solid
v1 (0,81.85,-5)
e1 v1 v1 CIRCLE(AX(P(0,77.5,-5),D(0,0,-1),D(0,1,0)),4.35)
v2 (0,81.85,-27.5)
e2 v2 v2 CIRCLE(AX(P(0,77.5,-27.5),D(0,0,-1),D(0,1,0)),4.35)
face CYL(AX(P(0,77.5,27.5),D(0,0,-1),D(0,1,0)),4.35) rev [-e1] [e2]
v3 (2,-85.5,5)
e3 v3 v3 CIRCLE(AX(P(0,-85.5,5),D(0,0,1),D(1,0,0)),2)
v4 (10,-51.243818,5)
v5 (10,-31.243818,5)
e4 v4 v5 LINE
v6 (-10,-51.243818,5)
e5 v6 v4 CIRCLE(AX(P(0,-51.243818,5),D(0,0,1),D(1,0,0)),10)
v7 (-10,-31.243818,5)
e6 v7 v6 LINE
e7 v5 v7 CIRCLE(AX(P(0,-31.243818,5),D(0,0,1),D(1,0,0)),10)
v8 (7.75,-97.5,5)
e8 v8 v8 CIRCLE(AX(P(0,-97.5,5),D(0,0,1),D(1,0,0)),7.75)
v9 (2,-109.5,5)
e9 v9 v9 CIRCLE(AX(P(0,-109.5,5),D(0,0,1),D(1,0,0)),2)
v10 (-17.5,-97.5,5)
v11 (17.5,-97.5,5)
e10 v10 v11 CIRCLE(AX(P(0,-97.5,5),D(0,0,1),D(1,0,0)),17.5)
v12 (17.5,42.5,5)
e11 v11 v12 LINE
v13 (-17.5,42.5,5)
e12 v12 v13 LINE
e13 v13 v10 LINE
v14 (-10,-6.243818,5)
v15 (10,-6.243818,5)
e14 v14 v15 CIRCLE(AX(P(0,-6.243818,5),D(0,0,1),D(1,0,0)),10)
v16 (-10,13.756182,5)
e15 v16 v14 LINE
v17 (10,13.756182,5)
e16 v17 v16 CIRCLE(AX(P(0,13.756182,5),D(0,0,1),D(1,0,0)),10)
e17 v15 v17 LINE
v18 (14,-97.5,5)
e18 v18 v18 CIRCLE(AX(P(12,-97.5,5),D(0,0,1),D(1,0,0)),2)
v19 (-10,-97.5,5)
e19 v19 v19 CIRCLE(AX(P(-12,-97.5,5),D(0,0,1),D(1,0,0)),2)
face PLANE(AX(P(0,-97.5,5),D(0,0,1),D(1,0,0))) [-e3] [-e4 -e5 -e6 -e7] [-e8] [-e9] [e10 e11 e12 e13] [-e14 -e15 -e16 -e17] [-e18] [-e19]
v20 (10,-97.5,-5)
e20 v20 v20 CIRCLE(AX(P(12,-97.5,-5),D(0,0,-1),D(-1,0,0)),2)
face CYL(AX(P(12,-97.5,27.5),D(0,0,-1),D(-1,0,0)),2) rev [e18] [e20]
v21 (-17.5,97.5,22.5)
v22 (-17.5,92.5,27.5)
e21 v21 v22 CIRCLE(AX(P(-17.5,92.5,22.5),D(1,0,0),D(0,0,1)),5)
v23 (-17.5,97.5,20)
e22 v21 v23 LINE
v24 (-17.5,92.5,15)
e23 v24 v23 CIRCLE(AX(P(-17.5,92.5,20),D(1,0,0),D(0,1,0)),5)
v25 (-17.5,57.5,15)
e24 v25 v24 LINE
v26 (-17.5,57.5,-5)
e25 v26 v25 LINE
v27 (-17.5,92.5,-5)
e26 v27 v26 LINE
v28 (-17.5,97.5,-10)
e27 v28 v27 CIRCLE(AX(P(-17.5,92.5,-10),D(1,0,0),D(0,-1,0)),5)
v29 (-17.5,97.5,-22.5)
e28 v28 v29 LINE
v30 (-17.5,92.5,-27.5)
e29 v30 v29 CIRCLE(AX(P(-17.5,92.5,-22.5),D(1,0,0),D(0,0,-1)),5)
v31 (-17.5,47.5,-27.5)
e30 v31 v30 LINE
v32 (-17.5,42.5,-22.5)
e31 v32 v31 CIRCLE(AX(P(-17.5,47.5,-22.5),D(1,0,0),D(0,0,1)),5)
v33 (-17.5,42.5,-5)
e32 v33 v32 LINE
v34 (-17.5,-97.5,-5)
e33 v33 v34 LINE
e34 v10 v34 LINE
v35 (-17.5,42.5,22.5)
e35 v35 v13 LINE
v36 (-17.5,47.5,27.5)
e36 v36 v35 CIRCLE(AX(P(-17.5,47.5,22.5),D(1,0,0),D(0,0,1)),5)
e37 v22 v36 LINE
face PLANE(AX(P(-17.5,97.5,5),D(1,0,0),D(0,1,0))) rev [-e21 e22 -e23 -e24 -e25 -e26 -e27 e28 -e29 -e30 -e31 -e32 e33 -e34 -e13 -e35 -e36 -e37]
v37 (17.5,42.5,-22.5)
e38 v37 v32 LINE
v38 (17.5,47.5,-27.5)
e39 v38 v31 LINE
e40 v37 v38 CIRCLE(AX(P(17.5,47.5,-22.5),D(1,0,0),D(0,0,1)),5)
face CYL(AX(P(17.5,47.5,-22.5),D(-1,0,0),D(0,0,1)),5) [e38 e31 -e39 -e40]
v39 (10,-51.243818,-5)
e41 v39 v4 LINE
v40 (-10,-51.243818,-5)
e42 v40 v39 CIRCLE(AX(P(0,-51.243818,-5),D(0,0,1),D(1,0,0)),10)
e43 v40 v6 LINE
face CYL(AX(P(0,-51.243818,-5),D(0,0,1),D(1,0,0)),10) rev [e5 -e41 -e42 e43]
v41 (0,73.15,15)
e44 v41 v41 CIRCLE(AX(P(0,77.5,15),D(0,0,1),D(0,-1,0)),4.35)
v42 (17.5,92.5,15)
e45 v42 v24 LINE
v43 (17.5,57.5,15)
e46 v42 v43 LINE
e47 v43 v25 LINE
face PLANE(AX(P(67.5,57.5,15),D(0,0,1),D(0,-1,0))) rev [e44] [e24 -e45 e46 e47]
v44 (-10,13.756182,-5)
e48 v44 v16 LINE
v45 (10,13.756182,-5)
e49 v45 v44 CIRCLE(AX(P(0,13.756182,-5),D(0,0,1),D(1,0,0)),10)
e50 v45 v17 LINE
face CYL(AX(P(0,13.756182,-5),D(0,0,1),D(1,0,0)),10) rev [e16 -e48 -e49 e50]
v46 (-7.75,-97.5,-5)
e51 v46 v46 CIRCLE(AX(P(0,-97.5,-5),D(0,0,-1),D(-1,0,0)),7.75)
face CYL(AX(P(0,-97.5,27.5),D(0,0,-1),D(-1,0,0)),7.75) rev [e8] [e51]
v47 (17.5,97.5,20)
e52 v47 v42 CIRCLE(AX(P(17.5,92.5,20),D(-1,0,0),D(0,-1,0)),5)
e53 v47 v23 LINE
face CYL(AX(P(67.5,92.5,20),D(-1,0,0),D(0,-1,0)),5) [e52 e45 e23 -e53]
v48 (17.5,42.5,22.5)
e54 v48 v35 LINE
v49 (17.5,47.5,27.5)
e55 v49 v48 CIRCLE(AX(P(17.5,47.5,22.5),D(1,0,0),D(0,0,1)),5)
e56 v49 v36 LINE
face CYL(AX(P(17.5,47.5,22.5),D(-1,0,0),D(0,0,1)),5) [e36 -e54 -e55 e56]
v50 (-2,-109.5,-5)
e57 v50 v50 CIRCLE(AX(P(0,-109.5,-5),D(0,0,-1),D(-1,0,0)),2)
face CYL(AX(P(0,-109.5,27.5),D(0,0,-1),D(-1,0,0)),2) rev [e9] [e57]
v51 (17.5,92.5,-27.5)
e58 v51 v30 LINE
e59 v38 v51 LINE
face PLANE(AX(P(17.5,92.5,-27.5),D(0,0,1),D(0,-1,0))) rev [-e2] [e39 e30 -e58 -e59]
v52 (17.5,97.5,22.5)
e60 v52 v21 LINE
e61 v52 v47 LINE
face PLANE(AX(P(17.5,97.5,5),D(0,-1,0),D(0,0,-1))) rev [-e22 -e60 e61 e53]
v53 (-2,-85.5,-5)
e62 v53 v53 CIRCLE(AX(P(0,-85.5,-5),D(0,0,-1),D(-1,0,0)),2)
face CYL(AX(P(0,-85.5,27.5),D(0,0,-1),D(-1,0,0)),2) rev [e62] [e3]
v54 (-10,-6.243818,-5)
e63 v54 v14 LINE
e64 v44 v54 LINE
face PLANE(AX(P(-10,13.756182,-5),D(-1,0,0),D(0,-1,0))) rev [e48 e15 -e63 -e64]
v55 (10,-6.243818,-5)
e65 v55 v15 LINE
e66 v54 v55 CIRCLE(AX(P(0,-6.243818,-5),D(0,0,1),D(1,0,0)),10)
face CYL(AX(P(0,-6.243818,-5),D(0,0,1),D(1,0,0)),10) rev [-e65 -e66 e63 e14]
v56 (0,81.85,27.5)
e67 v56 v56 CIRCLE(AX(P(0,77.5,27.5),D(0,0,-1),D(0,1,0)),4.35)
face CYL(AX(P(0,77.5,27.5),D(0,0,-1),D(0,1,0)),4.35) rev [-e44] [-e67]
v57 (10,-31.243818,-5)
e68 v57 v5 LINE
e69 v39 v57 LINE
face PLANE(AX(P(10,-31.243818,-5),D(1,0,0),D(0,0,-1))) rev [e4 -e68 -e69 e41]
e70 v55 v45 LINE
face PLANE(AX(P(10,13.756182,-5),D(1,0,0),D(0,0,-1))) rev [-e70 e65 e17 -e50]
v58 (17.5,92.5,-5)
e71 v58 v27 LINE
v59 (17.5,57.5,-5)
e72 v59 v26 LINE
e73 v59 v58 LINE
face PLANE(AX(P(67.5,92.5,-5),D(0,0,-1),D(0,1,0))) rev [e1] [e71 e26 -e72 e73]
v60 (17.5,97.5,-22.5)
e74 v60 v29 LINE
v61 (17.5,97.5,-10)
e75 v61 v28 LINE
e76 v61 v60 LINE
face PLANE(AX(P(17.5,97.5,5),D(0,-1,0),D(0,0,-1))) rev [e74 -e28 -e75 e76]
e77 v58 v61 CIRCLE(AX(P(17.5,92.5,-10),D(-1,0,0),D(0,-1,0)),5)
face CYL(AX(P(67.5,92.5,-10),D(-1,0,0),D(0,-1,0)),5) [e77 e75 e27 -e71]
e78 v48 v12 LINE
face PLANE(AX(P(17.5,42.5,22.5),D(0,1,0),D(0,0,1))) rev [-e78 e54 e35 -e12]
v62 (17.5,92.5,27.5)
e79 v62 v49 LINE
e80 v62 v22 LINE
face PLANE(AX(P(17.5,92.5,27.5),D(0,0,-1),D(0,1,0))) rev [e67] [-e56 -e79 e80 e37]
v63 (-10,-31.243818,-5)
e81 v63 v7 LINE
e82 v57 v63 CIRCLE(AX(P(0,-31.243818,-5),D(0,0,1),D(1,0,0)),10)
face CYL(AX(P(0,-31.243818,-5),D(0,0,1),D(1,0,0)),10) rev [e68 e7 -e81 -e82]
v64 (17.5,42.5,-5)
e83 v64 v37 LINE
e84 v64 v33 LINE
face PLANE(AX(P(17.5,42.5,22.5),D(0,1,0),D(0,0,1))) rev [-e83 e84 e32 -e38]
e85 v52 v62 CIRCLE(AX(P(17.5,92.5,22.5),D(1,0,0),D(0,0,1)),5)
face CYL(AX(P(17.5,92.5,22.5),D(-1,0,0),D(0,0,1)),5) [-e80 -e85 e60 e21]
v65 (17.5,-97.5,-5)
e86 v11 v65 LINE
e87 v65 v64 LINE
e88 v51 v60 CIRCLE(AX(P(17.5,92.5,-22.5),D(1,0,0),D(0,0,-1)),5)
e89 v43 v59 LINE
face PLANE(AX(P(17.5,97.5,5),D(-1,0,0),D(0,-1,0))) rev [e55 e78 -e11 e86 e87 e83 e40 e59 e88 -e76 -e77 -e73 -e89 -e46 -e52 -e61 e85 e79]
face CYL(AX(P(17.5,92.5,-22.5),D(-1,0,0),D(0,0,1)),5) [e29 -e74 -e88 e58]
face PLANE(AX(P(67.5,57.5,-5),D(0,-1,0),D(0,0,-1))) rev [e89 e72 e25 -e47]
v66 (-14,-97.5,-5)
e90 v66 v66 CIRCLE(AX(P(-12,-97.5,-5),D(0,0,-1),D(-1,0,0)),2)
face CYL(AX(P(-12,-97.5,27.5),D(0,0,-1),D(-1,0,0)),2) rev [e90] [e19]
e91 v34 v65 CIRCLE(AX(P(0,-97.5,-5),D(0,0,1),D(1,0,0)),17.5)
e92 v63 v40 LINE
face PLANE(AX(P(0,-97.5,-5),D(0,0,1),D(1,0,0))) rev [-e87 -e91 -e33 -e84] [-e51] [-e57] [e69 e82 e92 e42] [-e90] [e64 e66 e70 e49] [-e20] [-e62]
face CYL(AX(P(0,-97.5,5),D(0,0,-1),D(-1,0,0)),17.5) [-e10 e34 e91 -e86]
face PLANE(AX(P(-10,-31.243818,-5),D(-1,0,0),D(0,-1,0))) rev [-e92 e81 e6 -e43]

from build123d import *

# Parameters (mm, degrees)
BOSS_EXTRUDE1_DEPTH = 5
BOSS_EXTRUDE2_DEPTH = 17.5
CUT_EXTRUDE1_DEPTH  = 35
SKETCH13_R          = 4.35
CUT_EXTRUDE7_DEPTH  = 129.671092325
CUT_EXTRUDE2_DEPTH  = 10
CUT_EXTRUDE3_DEPTH  = 10
SKETCH9_R           = 7.75
SKETCH9_R_2         = 2
CUT_EXTRUDE4_DEPTH  = 121.778723292


with BuildPart() as part:
    # Sketch2 → Boss-Extrude1 (new, symmetric)
    with BuildSketch(Plane.XY):
        with BuildLine():
            Line((17.5, 97.5), (-17.5, 97.5))
            Line((-17.5, 97.5), (-17.5, -97.5))
            ThreePointArc((-17.5, -97.5), (0, -115), (17.5, -97.5))
            Line((17.5, -97.5), (17.5, 97.5))
        make_face()
    extrude(amount=BOSS_EXTRUDE1_DEPTH, both=True)

    # Sketch3 → Boss-Extrude2 (add, symmetric)
    with BuildSketch(Plane(origin=(0, 0, 0), x_dir=(0, 0, -1), z_dir=(1, 0, 0))):
        with BuildLine():
            Line((-22.5, 97.5), (22.5, 97.5))
            ThreePointArc((22.5, 97.5), (26.035533906, 96.035533906), (27.5, 92.5))
            Line((27.5, 92.5), (27.5, 47.5))
            ThreePointArc((27.5, 47.5), (26.035533906, 43.964466094), (22.5, 42.5))
            Line((22.5, 42.5), (-22.5, 42.5))
            ThreePointArc((-22.5, 42.5), (-26.035533906, 43.964466094), (-27.5, 47.5))
            Line((-27.5, 47.5), (-27.5, 92.5))
            ThreePointArc((-27.5, 92.5), (-26.035533906, 96.035533906), (-22.5, 97.5))
        make_face()
    extrude(amount=BOSS_EXTRUDE2_DEPTH, both=True)

    # Sketch4 → Cut-Extrude1 (cut)
    with BuildSketch(Plane.ZY.offset(17.5)):
        with BuildLine():
            Line((-5, 92.5), (-5, 57.5))
            Line((-5, 57.5), (15, 57.5))
            Line((15, 57.5), (15, 92.5))
            ThreePointArc((15, 92.5), (16.464466094, 96.035533906), (20, 97.5))
            Line((20, 97.5), (-10, 97.5))
            ThreePointArc((-10, 97.5), (-6.464466094, 96.035533906), (-5, 92.5))
        make_face()
    extrude(amount=-CUT_EXTRUDE1_DEPTH, mode=Mode.SUBTRACT)

    # Sketch13 → Cut-Extrude7 (cut, through all)
    with BuildSketch(Plane(origin=(0, 0, -27.5), x_dir=(-1, 0, 0), z_dir=(0, 0, -1))):
        with Locations(Location((0, 77.5, 0), (0, 0, 90))):
            Circle(SKETCH13_R)
    extrude(amount=-CUT_EXTRUDE7_DEPTH, mode=Mode.SUBTRACT)

    # Sketch5 → Cut-Extrude2 (cut)
    with BuildSketch(Plane.XY.offset(5)):
        with BuildLine():
            Line((10, 13.756181567), (10, -6.243818433))
            ThreePointArc((10, -6.243818433), (0, -16.243818433), (-10, -6.243818433))
            Line((-10, -6.243818433), (-10, 13.756181567))
            ThreePointArc((-10, 13.756181567), (0, 23.756181567), (10, 13.756181567))
        make_face()
        with BuildLine():
            Line((10, -31.243818433), (10, -51.243818433))
            ThreePointArc((10, -51.243818433), (0, -61.243818433), (-10, -51.243818433))
            Line((-10, -51.243818433), (-10, -31.243818433))
            ThreePointArc((-10, -31.243818433), (0, -21.243818433), (10, -31.243818433))
        make_face()
    cut_extrude2 = extrude(amount=-CUT_EXTRUDE2_DEPTH, mode=Mode.SUBTRACT)

    # Mirror1: Cut-Extrude2 across plane
    add(cut_extrude2.mirror(Plane.XY), mode=Mode.SUBTRACT)

    # Sketch8 → Cut-Extrude3 (cut)
    with BuildSketch(Plane.XY.offset(5)):
        with BuildLine():
            Line((5, 13.756181567), (5, -6.243818433))
            ThreePointArc((5, -6.243818433), (0, -11.243818433), (-5, -6.243818433))
            Line((-5, -6.243818433), (-5, 13.756181567))
            ThreePointArc((-5, 13.756181567), (0, 18.756181567), (5, 13.756181567))
        make_face()
        with BuildLine():
            Line((-5, -31.243818433), (-5, -51.243818433))
            ThreePointArc((-5, -51.243818433), (0, -56.243818433), (5, -51.243818433))
            Line((5, -51.243818433), (5, -31.243818433))
            ThreePointArc((5, -31.243818433), (0, -26.243818433), (-5, -31.243818433))
        make_face()
    extrude(amount=-CUT_EXTRUDE3_DEPTH, mode=Mode.SUBTRACT)

    # Sketch9 → Cut-Extrude4 (cut, through all)
    with BuildSketch(Plane(origin=(0, 0, -5), x_dir=(-1, 0, 0), z_dir=(0, 0, -1))):
        with Locations((0, -97.5)):
            Circle(SKETCH9_R)
        with Locations((12, -97.5)):
            Circle(SKETCH9_R_2)
        with Locations((0, -109.5)):
            Circle(SKETCH9_R_2)
        with Locations((-12, -97.5)):
            Circle(SKETCH9_R_2)
        with Locations((0, -85.5)):
            Circle(SKETCH9_R_2)
    extrude(amount=-CUT_EXTRUDE4_DEPTH, mode=Mode.SUBTRACT)


solid = part.part
